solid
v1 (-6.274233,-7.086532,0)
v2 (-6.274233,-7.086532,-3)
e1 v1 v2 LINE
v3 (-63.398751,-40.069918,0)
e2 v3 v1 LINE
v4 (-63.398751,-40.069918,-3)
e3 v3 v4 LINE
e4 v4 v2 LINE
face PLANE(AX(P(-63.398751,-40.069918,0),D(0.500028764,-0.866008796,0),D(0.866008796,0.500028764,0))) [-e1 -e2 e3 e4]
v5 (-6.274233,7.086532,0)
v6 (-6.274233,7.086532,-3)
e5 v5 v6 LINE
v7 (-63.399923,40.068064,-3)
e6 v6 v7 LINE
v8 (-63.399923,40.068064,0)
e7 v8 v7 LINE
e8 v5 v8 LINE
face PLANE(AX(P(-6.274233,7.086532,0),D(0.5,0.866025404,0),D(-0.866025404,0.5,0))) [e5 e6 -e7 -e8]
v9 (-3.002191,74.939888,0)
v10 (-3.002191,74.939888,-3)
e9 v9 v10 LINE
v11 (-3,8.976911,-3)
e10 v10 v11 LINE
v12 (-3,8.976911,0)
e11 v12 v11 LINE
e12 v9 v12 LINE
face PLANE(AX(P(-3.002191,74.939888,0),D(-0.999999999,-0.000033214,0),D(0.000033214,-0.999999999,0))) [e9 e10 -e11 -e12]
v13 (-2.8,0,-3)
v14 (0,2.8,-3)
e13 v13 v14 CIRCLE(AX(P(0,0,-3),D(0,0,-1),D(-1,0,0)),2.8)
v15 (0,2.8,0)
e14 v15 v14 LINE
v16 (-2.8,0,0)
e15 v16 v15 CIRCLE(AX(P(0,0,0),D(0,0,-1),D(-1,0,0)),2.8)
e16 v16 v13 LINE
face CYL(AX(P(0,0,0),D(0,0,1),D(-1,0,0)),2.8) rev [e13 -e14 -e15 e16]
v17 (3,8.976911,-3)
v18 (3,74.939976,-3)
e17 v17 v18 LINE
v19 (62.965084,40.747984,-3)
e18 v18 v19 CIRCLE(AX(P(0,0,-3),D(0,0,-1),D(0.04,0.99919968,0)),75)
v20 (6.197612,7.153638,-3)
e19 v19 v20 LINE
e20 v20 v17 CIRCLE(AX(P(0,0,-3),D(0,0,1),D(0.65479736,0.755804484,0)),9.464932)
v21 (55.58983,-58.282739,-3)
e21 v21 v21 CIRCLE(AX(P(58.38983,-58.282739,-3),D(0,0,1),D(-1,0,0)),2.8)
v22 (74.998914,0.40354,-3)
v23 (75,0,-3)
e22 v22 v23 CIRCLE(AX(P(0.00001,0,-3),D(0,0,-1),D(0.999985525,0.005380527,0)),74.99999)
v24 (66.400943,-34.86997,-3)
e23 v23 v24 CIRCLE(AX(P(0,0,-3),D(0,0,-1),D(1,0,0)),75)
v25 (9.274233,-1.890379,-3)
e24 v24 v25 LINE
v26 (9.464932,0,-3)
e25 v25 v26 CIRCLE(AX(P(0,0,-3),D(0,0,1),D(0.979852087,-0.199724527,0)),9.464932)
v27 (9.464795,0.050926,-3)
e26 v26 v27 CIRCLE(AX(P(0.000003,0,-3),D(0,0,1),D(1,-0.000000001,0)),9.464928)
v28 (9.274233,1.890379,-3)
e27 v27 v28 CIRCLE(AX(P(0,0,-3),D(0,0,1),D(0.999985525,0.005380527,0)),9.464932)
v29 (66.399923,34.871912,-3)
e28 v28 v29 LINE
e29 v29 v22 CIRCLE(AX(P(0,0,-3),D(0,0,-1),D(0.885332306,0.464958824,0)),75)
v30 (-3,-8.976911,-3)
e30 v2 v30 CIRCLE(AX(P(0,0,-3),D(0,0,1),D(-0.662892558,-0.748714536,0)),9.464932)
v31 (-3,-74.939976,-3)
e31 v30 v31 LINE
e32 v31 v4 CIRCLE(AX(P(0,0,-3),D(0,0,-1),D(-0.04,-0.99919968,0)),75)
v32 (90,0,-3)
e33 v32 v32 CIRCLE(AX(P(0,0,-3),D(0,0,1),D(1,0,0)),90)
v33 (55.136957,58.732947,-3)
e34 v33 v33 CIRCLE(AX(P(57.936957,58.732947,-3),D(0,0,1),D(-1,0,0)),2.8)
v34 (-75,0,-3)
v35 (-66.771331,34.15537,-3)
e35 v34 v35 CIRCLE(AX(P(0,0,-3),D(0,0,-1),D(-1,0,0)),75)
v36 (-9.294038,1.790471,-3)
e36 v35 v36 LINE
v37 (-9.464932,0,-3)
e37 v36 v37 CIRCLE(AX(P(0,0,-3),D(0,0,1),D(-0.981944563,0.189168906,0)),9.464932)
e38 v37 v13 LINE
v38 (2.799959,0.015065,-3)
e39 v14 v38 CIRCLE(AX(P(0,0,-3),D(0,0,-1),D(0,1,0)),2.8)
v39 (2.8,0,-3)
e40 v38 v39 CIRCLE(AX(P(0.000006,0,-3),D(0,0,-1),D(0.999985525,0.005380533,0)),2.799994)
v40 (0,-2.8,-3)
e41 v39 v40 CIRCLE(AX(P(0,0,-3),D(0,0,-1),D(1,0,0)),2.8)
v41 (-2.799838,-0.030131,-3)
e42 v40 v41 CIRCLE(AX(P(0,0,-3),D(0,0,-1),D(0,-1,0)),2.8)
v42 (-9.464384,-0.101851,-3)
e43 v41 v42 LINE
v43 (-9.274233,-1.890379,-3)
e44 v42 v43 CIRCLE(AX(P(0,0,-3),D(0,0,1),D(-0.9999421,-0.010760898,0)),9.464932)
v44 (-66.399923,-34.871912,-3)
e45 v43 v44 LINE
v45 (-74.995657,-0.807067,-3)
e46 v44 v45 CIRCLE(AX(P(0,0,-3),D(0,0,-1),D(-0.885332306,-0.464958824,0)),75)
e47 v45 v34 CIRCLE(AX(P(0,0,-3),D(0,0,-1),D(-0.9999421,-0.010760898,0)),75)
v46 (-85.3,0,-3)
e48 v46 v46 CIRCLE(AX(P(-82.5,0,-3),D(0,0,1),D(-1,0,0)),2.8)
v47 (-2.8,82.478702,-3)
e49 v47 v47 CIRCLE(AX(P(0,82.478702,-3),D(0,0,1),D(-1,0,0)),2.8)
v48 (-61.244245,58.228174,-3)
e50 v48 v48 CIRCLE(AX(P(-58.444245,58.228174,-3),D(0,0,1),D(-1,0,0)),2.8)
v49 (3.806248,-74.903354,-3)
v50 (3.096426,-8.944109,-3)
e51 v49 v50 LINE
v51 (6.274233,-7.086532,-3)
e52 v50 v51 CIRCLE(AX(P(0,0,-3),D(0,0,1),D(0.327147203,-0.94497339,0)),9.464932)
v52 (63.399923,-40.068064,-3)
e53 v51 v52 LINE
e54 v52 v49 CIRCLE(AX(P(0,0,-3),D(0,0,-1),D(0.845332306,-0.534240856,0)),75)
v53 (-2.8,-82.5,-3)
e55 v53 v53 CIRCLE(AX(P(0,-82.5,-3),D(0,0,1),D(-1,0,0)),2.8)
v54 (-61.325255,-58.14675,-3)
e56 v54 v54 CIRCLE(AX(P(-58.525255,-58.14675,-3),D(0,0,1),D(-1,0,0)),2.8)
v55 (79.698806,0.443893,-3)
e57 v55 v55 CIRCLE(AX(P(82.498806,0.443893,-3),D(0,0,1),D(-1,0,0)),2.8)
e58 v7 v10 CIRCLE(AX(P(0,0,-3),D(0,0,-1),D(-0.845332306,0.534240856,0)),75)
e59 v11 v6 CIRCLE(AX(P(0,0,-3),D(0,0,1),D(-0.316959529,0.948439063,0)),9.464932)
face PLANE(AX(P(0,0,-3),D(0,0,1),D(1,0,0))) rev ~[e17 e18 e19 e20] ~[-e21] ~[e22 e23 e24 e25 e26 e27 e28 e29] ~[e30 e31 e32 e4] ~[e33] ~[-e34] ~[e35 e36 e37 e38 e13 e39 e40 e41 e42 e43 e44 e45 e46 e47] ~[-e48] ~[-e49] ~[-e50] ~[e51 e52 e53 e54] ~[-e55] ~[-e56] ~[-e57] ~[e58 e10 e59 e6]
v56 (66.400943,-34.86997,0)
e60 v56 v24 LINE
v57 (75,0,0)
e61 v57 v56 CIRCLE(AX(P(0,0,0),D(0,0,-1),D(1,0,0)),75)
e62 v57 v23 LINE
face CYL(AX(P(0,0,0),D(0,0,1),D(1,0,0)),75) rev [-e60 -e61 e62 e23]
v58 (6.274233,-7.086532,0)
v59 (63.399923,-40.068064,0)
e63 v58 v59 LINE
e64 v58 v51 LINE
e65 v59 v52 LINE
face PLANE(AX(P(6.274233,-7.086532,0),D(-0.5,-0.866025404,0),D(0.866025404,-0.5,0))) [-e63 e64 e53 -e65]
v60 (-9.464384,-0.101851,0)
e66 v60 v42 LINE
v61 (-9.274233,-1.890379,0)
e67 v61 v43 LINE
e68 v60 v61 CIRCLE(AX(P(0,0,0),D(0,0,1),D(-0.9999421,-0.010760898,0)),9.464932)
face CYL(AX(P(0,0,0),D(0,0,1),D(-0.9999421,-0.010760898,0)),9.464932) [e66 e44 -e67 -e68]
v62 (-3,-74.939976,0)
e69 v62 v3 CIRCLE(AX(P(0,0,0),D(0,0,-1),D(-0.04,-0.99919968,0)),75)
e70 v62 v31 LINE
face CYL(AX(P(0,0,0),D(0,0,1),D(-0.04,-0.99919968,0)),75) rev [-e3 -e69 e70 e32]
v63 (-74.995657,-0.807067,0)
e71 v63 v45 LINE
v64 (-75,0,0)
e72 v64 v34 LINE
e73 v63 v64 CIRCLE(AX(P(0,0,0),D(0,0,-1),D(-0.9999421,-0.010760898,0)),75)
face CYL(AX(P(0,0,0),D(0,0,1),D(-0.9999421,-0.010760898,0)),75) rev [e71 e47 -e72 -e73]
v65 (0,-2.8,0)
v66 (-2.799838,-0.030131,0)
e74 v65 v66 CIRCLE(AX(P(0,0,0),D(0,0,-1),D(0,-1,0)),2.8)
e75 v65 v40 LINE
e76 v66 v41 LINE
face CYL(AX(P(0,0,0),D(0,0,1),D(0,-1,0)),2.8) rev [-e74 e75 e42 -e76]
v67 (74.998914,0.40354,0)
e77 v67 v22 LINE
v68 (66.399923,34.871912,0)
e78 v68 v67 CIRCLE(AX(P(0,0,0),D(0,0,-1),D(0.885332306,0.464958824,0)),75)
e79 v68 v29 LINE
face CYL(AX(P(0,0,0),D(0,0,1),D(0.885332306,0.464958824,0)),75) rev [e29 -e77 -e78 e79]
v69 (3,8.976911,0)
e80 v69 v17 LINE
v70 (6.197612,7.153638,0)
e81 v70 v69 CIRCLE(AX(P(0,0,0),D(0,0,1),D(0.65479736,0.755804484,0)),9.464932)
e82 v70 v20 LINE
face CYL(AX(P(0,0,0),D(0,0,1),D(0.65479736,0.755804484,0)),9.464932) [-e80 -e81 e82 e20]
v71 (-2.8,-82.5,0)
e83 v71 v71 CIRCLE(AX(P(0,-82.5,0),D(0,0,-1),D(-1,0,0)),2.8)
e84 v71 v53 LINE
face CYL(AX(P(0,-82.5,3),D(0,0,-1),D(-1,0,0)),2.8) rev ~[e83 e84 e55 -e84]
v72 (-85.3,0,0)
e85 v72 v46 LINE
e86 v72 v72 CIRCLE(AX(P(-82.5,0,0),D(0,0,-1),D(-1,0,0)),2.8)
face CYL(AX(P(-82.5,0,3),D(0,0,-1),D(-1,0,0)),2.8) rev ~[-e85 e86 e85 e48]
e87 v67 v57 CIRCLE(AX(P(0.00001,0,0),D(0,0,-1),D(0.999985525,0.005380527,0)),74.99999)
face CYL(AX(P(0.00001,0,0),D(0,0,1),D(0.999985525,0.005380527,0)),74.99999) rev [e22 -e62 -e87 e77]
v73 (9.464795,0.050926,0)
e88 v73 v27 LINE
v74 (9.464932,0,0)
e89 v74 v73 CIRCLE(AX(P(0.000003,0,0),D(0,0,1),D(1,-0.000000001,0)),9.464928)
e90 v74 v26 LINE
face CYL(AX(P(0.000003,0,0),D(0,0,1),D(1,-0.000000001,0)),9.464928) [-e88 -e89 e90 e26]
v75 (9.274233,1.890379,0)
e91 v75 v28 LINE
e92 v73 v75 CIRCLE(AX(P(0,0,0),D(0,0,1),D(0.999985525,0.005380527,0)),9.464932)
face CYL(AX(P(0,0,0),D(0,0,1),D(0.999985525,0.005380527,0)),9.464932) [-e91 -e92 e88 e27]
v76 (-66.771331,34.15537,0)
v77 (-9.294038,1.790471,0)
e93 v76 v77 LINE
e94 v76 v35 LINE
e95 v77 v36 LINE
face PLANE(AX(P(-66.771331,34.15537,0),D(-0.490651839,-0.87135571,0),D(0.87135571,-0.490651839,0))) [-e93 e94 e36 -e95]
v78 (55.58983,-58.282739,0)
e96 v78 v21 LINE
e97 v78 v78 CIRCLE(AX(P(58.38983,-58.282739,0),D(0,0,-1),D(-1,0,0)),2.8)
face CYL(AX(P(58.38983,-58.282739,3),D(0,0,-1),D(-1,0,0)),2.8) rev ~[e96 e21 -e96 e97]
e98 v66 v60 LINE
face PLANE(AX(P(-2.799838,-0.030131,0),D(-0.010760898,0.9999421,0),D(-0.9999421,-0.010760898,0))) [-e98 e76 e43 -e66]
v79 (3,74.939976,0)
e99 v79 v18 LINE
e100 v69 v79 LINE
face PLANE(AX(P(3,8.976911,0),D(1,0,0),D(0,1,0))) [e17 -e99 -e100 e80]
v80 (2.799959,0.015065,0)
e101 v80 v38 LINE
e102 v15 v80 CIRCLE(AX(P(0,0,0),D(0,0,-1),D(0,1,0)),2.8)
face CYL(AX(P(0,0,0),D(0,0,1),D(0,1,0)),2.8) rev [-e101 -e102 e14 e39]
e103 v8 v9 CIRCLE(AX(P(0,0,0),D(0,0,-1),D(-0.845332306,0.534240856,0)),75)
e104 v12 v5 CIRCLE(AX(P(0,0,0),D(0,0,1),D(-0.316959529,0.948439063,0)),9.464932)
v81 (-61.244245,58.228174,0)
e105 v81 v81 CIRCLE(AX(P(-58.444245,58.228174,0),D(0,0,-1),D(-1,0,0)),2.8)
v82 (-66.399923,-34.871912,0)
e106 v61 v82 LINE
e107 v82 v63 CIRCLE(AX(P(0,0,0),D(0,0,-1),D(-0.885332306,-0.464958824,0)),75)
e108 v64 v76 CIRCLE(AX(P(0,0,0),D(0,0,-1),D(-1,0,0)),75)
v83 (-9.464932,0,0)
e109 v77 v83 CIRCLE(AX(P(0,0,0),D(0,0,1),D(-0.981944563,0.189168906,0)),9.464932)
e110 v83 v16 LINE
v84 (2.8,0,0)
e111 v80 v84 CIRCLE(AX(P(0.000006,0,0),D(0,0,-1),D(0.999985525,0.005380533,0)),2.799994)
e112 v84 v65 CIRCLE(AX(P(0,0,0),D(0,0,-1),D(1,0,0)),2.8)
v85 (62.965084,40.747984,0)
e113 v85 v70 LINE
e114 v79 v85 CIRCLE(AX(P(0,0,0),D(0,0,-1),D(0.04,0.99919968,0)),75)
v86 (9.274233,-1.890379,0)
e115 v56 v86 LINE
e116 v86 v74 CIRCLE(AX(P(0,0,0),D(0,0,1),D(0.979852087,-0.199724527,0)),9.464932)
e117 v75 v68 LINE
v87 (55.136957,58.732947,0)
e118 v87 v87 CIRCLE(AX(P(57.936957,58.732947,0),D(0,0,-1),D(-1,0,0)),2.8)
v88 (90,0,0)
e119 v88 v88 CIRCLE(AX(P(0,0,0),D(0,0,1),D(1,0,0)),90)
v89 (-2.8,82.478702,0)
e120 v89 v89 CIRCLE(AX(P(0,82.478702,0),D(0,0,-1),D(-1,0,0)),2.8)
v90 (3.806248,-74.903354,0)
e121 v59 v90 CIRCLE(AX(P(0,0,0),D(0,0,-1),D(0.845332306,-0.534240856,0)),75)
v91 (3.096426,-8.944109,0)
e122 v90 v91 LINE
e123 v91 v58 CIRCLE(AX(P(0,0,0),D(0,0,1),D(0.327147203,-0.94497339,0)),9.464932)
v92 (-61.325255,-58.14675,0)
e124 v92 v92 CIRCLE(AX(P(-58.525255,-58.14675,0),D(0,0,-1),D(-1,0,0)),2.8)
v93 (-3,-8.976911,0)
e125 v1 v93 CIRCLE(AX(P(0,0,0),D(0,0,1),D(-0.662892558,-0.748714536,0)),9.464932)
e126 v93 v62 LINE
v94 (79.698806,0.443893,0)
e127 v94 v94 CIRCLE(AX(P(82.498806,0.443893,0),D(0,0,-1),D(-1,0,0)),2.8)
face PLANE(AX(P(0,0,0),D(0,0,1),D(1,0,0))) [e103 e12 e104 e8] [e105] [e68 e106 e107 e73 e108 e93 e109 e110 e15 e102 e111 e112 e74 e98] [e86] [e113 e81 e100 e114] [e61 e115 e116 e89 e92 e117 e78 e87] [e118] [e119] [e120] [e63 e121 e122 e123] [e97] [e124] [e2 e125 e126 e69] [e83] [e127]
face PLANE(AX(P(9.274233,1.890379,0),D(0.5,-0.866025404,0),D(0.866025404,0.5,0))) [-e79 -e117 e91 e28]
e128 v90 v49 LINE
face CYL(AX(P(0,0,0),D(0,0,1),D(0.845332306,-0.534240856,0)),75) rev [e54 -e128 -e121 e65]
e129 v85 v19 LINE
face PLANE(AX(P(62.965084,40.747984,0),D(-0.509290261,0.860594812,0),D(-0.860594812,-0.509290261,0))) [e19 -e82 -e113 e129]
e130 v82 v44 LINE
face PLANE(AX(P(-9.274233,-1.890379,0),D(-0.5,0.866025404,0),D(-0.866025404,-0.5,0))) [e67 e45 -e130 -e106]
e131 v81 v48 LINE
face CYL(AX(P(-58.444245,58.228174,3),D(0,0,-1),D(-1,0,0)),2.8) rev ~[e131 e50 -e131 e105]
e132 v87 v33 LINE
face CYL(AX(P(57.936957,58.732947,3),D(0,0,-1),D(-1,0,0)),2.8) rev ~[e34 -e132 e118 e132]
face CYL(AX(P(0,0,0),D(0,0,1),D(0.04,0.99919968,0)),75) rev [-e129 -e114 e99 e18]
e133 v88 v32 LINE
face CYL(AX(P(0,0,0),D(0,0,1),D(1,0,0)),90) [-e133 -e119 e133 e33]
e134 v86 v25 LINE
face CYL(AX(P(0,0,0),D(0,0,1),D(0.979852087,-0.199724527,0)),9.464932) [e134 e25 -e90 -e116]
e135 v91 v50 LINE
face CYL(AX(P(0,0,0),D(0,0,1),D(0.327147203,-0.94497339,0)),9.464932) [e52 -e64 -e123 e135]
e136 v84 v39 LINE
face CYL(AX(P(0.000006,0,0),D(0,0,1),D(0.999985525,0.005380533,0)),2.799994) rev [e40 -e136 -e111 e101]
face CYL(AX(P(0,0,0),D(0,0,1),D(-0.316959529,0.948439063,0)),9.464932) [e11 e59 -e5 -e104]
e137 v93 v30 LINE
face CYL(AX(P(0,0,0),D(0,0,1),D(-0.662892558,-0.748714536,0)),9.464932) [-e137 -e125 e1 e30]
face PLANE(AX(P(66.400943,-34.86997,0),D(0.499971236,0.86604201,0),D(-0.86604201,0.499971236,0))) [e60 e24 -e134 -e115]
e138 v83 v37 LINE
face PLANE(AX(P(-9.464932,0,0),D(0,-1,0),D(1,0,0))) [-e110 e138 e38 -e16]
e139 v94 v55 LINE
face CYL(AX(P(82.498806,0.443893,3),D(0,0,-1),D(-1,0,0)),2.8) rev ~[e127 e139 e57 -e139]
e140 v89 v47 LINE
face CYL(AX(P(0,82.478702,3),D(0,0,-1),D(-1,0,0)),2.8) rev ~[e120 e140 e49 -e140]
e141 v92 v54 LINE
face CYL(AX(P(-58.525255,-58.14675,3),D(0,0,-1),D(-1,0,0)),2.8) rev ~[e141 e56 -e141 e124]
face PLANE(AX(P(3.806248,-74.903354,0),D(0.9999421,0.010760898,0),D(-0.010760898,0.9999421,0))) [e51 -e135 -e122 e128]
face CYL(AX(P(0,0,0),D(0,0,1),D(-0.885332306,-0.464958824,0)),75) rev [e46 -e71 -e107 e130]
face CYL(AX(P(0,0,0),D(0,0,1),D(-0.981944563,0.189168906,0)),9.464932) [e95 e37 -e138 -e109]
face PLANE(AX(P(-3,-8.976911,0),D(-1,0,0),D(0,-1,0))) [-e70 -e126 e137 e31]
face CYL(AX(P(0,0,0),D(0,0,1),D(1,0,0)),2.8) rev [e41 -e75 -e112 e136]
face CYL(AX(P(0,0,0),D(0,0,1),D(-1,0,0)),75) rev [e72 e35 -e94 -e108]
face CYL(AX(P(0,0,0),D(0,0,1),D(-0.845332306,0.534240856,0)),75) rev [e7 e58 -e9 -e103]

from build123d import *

# Parameters (mm, degrees)
F0_R     = 90
F1_DEPTH = 3
F2_D     = 5.6
F2_DEPTH = 3
F2_TIP   = 1.6824097333


with BuildPart() as f1:
    # F0 (on Top) → F1 (new body)
    with BuildSketch(Plane.XY):
        Circle(F0_R)
        with BuildLine():
            ThreePointArc((62.9650837524, 40.7479843434), (64.7491953426, 37.8489326466), (66.3999229584, 34.871911779))
            ThreePointArc((66.3999229584, 34.871911779), (72.7696706798, 18.1542014188), (74.9989143646, 0.4035395067))
            ThreePointArc((74.9989143646, 0.4035395067), (74.9997285907, 0.2017704835), (75, 0))
            ThreePointArc((75, 0), (72.8185096369, -17.9573008624), (66.400942553, -34.8699702906))
            ThreePointArc((66.400942553, -34.8699702906), (64.9524535099, -37.4990504286), (63.3999229584, -40.0680642017))
            ThreePointArc((63.3999229584, -40.0680642017), (37.8489326466, -64.7491953426), (3.8062477182, -74.9033542527))
            ThreePointArc((3.8062477182, -74.9033542527), (1.9037372516, -74.9758346701), (0, -75))
            ThreePointArc((0, -75), (-1.5003002102, -74.9849924937), (-3, -74.9399759808))
            ThreePointArc((-3, -74.9399759808), (-37.4990504286, -64.9524535099), (-63.3987513774, -40.0699179408))
            ThreePointArc((-63.3987513774, -40.0699179408), (-64.9513570439, -37.5009495634), (-66.3999229584, -34.871911779))
            ThreePointArc((-66.3999229584, -34.871911779), (-72.7205675816, -18.3499060111), (-74.9956574898, -0.8070673309))
            ThreePointArc((-74.9956574898, -0.8070673309), (-74.9989143646, -0.4035395067), (-75, 0))
            ThreePointArc((-75, 0), (-72.913818513, 17.5663049573), (-66.7713314706, 34.1553699093))
            ThreePointArc((-66.7713314706, 34.1553699093), (-65.1527348494, 37.149981718), (-63.3999229584, 40.0680642017))
            ThreePointArc((-63.3999229584, 40.0680642017), (-37.5009495634, 64.9513570439), (-3.0021911756, 74.9398882315))
            ThreePointArc((-3.0021911756, 74.9398882315), (-1.5013964566, 74.984970552), (0, 75))
            ThreePointArc((0, 75), (1.5003002102, 74.9849924937), (3, 74.9399759808))
            ThreePointArc((3, 74.9399759808), (37.149981718, 65.1527348494), (62.9650837524, 40.7479843434))
        make_face(mode=Mode.SUBTRACT)
        with BuildLine():
            Line((3, 8.9769110154), (3, 74.9399759808))
            ThreePointArc((3, 74.9399759808), (1.5003002102, 74.9849924937), (0, 75))
            Line((0, 75), (0, 9.4649316626))
            ThreePointArc((0, 9.4649316626), (1.5197174205, 9.342129861), (3, 8.9769110154))
        make_face()
        with BuildLine():
            Line((0, 9.4649316626), (0, 75))
            ThreePointArc((0, 75), (-1.5013964566, 74.984970552), (-3.0021911756, 74.9398882315))
            Line((-3.0021911756, 74.9398882315), (-3.0000002839, 8.9769109205))
            ThreePointArc((-3.0000002839, 8.9769109205), (-1.5197175682, 9.342129837), (0, 9.4649316626))
        make_face()
        with BuildLine():
            Line((-6.2742329868, 7.0865317191), (-63.3999229584, 40.0680642017))
            ThreePointArc((-63.3999229584, 40.0680642017), (-65.1527348494, 37.149981718), (-66.7713314706, 34.1553699093))
            Line((-66.7713314706, 34.1553699093), (-9.2940381858, 1.7904707703))
            ThreePointArc((-9.2940381858, 1.7904707703), (-8.2222157731, 4.6882938431), (-6.2742329868, 7.0865317191))
        make_face()
        with BuildLine():
            Line((9.2742329868, 1.8903792963), (66.3999229584, 34.871911779))
            ThreePointArc((66.3999229584, 34.871911779), (64.7491953426, 37.8489326466), (62.9650837524, 40.7479843434))
            Line((62.9650837524, 40.7479843434), (6.1976122647, 7.1536377875))
            ThreePointArc((6.1976122647, 7.1536377875), (8.171289455, 4.7765008134), (9.2742329868, 1.8903792963))
        make_face()
        with BuildLine():
            ThreePointArc((63.3999229584, -40.0680642017), (64.9524535099, -37.4990504286), (66.400942553, -34.8699702906))
            Line((66.400942553, -34.8699702906), (9.2742330466, -1.8903790031))
            ThreePointArc((9.2742330466, -1.8903790031), (8.1968713397, -4.7324657017), (6.2742329868, -7.0865317191))
            Line((6.2742329868, -7.0865317191), (63.3999229584, -40.0680642017))
        make_face()
        with BuildLine():
            ThreePointArc((-3, -74.9399759808), (-1.5003002102, -74.9849924937), (0, -75))
            Line((0, -75), (0, -9.4649316626))
            ThreePointArc((0, -9.4649316626), (-1.5197174205, -9.342129861), (-3, -8.9769110154))
            Line((-3, -8.9769110154), (-3, -74.9399759808))
        make_face()
        with BuildLine():
            ThreePointArc((0, -75), (1.9037372516, -74.9758346701), (3.8062477182, -74.9033542527))
            Line((3.8062477182, -74.9033542527), (3.0964259211, -8.9441085578))
            ThreePointArc((3.0964259211, -8.9441085578), (1.569961002, -9.3338177522), (0, -9.4649316626))
            Line((0, -9.4649316626), (0, -75))
        make_face()
        with BuildLine():
            ThreePointArc((-6.2742327628, -7.0865319175), (-8.1968711901, -4.7324659609), (-9.2742329868, -1.8903792963))
            Line((-9.2742329868, -1.8903792963), (-66.3999229584, -34.871911779))
            ThreePointArc((-66.3999229584, -34.871911779), (-64.9513570439, -37.5009495634), (-63.3987513774, -40.0699179408))
            Line((-63.3987513774, -40.0699179408), (-6.2742327628, -7.0865319175))
        make_face()
        with BuildLine():
            Line((0, -9.4649316626), (0, -2.8))
            ThreePointArc((0, -2.8), (-1.9692174285, -1.9905232275), (-2.7998378796, -0.0301305137))
            Line((-2.7998378796, -0.0301305137), (-9.4643836418, -0.1018511618))
            ThreePointArc((-9.4643836418, -0.1018511618), (-9.411888573, -1.0006422275), (-9.2742329868, -1.8903792963))
            ThreePointArc((-9.2742329868, -1.8903792963), (-8.1968711901, -4.7324659609), (-6.2742327628, -7.0865319175))
            ThreePointArc((-6.2742327628, -7.0865319175), (-4.7324657017, -8.1968713397), (-3, -8.9769110154))
            ThreePointArc((-3, -8.9769110154), (-1.5197174205, -9.342129861), (0, -9.4649316626))
        make_face()
        with BuildLine():
            Line((0, 2.8), (0, 9.4649316626))
            ThreePointArc((0, 9.4649316626), (-1.5197175682, 9.342129837), (-3.0000002839, 8.9769109205))
            ThreePointArc((-3.0000002839, 8.9769109205), (-4.7324659609, 8.1968711901), (-6.2742329868, 7.0865317191))
            ThreePointArc((-6.2742329868, 7.0865317191), (-8.2222157731, 4.6882938431), (-9.2940381858, 1.7904707703))
            ThreePointArc((-9.2940381858, 1.7904707703), (-9.4221114321, 0.8993039197), (-9.4649316626, 0))
            Line((-9.4649316626, 0), (-2.8, 0))
            ThreePointArc((-2.8, 0), (-1.9798989873, 1.9798989873), (0, 2.8))
        make_face()
        with BuildLine():
            ThreePointArc((9.4647946564, 0.0509263181), (9.4145465142, 0.9753180556), (9.2742329868, 1.8903792963))
            ThreePointArc((9.2742329868, 1.8903792963), (8.171289455, 4.7765008134), (6.1976122647, 7.1536377875))
            ThreePointArc((6.1976122647, 7.1536377875), (4.6882938431, 8.2222157731), (3, 8.9769110154))
            ThreePointArc((3, 8.9769110154), (1.5197174205, 9.342129861), (0, 9.4649316626))
            Line((0, 9.4649316626), (0, 2.8))
            ThreePointArc((0, 2.8), (1.9745653535, 1.9852182915), (2.7999594696, 0.0150654749))
            Line((2.7999594696, 0.0150654749), (9.4647946564, 0.0509263181))
        make_face()
        with BuildLine():
            ThreePointArc((9.4649316626, 0), (9.464897411, 0.0254632512), (9.4647946564, 0.0509263181))
            Line((9.4647946564, 0.0509263181), (2.7999594696, 0.0150654749))
            ThreePointArc((2.7999594696, 0.0150654749), (2.7999898674, 0.0075327647), (2.8, 0))
            ThreePointArc((2.8, 0), (1.9798989873, -1.9798989873), (0, -2.8))
            Line((0, -2.8), (0, -9.4649316626))
            ThreePointArc((0, -9.4649316626), (1.569961002, -9.3338177522), (3.0964259211, -8.9441085578))
            ThreePointArc((3.0964259211, -8.9441085578), (4.7765008134, -8.171289455), (6.2742329868, -7.0865317191))
            ThreePointArc((6.2742329868, -7.0865317191), (8.1968713397, -4.7324657017), (9.2742330466, -1.8903790031))
            ThreePointArc((9.2742330466, -1.8903790031), (9.4171363319, -0.9499866759), (9.4649316626, 0))
        make_face()
    extrude(amount=-F1_DEPTH)

    # F2
    with Locations(Plane.XY):
        with Locations((-82.5, 0), (0, 82.4787020683), (-58.4442449793, 58.2281738405), (57.9369569396, 58.7329466362), (82.498805801, 0.4438934574), (58.3898303202, -58.2827394275), (0, -82.5), (-58.52525457, -58.1467503608)):
            Hole(F2_D / 2, depth=F2_DEPTH)
            with Locations((0, 0, -(F2_DEPTH + F2_TIP / 2))):  # 118° drill point
                Cone(0, F2_D / 2, F2_TIP, mode=Mode.SUBTRACT)


solid = f1.part
